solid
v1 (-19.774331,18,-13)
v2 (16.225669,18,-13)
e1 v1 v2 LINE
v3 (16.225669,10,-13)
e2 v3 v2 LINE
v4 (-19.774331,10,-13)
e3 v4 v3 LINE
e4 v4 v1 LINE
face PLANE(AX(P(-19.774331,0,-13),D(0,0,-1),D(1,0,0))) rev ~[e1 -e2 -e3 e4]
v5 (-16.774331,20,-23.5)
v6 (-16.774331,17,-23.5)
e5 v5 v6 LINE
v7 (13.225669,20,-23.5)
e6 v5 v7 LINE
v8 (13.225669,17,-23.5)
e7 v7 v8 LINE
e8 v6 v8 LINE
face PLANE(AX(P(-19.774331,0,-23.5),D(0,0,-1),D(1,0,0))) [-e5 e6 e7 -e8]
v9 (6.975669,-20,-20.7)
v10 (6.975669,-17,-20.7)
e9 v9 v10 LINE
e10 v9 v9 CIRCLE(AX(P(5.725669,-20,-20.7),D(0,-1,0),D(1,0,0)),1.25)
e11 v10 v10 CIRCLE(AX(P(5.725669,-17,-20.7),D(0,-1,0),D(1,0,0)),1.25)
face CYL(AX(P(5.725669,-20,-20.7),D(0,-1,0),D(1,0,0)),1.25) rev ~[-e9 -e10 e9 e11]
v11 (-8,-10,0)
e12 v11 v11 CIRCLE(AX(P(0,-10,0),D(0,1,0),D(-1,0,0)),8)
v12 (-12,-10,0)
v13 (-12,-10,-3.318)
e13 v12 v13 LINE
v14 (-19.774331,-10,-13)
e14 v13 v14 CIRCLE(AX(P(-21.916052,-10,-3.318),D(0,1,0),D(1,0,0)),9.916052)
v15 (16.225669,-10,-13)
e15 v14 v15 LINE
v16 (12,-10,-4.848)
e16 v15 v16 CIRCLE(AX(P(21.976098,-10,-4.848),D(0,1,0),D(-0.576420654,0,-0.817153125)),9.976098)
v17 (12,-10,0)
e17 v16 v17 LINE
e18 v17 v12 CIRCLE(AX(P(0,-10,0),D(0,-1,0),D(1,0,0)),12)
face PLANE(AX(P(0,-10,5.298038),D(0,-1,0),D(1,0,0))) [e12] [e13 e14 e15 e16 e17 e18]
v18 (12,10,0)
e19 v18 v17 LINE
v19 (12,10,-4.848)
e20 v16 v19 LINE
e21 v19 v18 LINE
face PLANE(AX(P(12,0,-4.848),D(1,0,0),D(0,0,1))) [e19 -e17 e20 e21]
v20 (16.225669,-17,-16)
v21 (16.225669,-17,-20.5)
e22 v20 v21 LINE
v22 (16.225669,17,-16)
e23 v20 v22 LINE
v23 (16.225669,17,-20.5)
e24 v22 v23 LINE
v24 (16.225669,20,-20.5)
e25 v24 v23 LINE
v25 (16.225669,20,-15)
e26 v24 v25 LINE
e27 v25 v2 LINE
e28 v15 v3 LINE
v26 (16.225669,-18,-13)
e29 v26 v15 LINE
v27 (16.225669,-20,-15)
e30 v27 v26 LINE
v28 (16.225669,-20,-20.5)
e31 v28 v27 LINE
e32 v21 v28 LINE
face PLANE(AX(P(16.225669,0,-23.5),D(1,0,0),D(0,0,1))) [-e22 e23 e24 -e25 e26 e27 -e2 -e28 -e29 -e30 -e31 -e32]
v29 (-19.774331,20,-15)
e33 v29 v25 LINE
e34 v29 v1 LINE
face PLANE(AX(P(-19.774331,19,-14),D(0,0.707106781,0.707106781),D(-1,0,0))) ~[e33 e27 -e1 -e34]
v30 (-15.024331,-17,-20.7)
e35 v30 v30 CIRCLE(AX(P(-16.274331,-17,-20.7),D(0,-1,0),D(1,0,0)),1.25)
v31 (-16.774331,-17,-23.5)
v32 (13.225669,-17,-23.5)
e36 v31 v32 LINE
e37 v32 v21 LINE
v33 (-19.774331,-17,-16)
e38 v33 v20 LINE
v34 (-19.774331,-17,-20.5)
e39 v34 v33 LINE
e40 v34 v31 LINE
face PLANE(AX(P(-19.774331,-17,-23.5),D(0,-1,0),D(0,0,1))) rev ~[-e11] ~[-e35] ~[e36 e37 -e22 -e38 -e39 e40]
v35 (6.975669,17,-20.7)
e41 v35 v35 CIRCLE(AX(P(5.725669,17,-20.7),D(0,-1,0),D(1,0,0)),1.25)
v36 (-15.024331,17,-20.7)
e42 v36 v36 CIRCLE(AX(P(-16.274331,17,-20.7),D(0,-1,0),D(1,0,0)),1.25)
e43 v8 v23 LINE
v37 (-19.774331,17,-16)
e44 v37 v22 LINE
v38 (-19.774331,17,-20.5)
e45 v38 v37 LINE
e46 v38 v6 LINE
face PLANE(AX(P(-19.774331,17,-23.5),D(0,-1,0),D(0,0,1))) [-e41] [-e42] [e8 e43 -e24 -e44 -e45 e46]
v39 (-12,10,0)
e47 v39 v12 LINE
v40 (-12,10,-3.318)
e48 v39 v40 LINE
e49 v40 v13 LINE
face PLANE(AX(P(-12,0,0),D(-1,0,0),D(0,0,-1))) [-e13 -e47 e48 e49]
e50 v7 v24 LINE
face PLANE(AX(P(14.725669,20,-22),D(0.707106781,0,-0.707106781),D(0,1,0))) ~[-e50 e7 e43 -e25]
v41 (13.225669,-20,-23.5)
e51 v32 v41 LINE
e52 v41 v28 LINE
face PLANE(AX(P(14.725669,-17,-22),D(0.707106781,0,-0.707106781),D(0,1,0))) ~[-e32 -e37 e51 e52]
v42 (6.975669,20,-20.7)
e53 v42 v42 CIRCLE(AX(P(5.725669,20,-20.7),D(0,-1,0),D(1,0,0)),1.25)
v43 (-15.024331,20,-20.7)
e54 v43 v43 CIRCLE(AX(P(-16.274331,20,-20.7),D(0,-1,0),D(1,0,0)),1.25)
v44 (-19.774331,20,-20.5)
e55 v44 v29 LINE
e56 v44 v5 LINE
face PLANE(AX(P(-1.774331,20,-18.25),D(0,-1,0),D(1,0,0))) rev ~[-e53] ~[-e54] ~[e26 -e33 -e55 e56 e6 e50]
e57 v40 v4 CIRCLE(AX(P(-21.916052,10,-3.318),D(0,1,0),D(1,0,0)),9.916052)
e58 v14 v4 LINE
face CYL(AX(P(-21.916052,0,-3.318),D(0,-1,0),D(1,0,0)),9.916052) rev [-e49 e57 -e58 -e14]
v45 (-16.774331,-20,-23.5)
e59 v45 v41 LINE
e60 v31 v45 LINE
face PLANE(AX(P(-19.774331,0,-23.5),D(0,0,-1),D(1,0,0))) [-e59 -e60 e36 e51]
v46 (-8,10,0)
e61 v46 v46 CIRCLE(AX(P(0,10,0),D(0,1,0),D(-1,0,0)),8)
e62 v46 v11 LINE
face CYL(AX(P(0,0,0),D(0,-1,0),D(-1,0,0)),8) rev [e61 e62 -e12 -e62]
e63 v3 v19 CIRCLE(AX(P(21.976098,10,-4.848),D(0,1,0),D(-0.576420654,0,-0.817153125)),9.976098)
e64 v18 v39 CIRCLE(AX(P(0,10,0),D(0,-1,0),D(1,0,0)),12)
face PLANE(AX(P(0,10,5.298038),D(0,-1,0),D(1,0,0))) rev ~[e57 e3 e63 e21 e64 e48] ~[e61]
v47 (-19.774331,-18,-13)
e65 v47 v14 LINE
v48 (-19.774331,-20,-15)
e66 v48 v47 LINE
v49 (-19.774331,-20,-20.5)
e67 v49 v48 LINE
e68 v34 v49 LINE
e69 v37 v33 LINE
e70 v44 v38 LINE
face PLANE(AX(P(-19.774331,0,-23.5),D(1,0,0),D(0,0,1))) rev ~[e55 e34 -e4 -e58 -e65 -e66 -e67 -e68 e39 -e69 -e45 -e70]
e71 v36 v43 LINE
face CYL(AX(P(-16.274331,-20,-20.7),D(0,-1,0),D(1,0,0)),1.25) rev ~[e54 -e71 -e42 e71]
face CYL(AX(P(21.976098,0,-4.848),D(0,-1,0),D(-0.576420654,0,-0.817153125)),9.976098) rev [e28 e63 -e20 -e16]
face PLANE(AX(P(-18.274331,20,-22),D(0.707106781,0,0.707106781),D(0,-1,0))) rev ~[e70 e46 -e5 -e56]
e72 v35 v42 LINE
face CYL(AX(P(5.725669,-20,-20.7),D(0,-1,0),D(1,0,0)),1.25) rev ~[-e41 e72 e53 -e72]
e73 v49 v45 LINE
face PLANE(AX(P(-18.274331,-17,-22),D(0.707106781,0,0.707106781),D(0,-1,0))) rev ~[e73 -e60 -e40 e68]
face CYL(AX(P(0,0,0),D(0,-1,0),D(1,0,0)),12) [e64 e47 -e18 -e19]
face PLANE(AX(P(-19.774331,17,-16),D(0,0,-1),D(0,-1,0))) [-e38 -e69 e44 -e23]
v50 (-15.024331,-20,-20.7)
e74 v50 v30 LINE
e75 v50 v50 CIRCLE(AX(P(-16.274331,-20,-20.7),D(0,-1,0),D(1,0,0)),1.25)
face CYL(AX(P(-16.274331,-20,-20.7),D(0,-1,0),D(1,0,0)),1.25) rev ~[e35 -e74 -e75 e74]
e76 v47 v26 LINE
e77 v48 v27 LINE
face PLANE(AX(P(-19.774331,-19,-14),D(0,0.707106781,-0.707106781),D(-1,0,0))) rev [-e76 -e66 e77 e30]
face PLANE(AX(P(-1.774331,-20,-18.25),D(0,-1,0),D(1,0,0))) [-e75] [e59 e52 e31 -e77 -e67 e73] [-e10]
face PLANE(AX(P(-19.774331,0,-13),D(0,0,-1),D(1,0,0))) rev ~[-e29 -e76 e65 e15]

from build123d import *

# Parameters (mm, degrees)
F1_DEPTH = 10
F0_W     = 36
F0_H     = 10.5
F2_DEPTH = 20
F3_W     = 34
F3_H     = 7.5
F4_DEPTH = 36.001
F5_R     = 1.25
F6_DEPTH = 43.8
F7_SIZE  = 3
F8_SIZE  = 2


with BuildPart() as f1:
    # F0 (on Front) → F1 (new body, symmetric)
    with BuildSketch(Plane.XZ):
        with BuildLine():
            ThreePointArc((-8, 0), (0, 8), (8, 0))
            Line((8, 0), (12, 0))
            ThreePointArc((12, 0), (0, 12), (-12, 0))
            Line((-12, 0), (-8, 0))
        make_face()
        with BuildLine():
            Line((12, 0), (8, 0))
            ThreePointArc((8, 0), (0, -8), (-8, 0))
            Line((-8, 0), (-12, 0))
            Line((-12, 0), (-12, -3.318))
            ThreePointArc((-12, -3.318), (-14.1841212285, -9.5264890007), (-19.774330755, -13))
            Line((-19.774330755, -13), (16.225669245, -13))
            ThreePointArc((16.225669245, -13), (13.1191975203, -9.4390615485), (12, -4.848))
            Line((12, -4.848), (12, 0))
        make_face()
    extrude(amount=F1_DEPTH, both=True)

    # F0 (on Front) → F2 (join, symmetric)
    with BuildSketch(Plane.XZ):
        with Locations((-1.774330755, -18.25)):
            Rectangle(F0_W, F0_H)
    extrude(amount=F2_DEPTH, both=True)

    # F3 (on face) → F4 (cut, through all)
    with BuildSketch(Plane(origin=(-19.774330755, 0, 0), x_dir=(0, -1, 0), z_dir=(-1, 0, 0))):
        with Locations((0, -19.75)):
            Rectangle(F3_W, F3_H)
    extrude(amount=-F4_DEPTH, mode=Mode.SUBTRACT)

    # F5 (on face) → F6 (cut)
    with BuildSketch(Plane.XZ.offset(20)):
        with Locations((-16.274330755, -20.7)):
            Circle(F5_R)
        with Locations((5.725669245, -20.7)):
            Circle(F5_R)
    extrude(amount=-F6_DEPTH, mode=Mode.SUBTRACT)

    # F7
    f7_edges = [f1.edges().sort_by_distance(p)[0] for p in [
        (-19.774331, -18.5, -23.5),
        (-19.774331, 18.5, -23.5),
        (16.225669, 18.5, -23.5),
        (16.225669, -18.5, -23.5),
    ]]
    chamfer(f7_edges, length=F7_SIZE)

    # F8
    f8_edges = [f1.edges().sort_by_distance(p)[0] for p in [
        (-1.774331, -20, -13),
        (-1.774331, 20, -13),
    ]]
    chamfer(f8_edges, length=F8_SIZE)


solid = f1.part
